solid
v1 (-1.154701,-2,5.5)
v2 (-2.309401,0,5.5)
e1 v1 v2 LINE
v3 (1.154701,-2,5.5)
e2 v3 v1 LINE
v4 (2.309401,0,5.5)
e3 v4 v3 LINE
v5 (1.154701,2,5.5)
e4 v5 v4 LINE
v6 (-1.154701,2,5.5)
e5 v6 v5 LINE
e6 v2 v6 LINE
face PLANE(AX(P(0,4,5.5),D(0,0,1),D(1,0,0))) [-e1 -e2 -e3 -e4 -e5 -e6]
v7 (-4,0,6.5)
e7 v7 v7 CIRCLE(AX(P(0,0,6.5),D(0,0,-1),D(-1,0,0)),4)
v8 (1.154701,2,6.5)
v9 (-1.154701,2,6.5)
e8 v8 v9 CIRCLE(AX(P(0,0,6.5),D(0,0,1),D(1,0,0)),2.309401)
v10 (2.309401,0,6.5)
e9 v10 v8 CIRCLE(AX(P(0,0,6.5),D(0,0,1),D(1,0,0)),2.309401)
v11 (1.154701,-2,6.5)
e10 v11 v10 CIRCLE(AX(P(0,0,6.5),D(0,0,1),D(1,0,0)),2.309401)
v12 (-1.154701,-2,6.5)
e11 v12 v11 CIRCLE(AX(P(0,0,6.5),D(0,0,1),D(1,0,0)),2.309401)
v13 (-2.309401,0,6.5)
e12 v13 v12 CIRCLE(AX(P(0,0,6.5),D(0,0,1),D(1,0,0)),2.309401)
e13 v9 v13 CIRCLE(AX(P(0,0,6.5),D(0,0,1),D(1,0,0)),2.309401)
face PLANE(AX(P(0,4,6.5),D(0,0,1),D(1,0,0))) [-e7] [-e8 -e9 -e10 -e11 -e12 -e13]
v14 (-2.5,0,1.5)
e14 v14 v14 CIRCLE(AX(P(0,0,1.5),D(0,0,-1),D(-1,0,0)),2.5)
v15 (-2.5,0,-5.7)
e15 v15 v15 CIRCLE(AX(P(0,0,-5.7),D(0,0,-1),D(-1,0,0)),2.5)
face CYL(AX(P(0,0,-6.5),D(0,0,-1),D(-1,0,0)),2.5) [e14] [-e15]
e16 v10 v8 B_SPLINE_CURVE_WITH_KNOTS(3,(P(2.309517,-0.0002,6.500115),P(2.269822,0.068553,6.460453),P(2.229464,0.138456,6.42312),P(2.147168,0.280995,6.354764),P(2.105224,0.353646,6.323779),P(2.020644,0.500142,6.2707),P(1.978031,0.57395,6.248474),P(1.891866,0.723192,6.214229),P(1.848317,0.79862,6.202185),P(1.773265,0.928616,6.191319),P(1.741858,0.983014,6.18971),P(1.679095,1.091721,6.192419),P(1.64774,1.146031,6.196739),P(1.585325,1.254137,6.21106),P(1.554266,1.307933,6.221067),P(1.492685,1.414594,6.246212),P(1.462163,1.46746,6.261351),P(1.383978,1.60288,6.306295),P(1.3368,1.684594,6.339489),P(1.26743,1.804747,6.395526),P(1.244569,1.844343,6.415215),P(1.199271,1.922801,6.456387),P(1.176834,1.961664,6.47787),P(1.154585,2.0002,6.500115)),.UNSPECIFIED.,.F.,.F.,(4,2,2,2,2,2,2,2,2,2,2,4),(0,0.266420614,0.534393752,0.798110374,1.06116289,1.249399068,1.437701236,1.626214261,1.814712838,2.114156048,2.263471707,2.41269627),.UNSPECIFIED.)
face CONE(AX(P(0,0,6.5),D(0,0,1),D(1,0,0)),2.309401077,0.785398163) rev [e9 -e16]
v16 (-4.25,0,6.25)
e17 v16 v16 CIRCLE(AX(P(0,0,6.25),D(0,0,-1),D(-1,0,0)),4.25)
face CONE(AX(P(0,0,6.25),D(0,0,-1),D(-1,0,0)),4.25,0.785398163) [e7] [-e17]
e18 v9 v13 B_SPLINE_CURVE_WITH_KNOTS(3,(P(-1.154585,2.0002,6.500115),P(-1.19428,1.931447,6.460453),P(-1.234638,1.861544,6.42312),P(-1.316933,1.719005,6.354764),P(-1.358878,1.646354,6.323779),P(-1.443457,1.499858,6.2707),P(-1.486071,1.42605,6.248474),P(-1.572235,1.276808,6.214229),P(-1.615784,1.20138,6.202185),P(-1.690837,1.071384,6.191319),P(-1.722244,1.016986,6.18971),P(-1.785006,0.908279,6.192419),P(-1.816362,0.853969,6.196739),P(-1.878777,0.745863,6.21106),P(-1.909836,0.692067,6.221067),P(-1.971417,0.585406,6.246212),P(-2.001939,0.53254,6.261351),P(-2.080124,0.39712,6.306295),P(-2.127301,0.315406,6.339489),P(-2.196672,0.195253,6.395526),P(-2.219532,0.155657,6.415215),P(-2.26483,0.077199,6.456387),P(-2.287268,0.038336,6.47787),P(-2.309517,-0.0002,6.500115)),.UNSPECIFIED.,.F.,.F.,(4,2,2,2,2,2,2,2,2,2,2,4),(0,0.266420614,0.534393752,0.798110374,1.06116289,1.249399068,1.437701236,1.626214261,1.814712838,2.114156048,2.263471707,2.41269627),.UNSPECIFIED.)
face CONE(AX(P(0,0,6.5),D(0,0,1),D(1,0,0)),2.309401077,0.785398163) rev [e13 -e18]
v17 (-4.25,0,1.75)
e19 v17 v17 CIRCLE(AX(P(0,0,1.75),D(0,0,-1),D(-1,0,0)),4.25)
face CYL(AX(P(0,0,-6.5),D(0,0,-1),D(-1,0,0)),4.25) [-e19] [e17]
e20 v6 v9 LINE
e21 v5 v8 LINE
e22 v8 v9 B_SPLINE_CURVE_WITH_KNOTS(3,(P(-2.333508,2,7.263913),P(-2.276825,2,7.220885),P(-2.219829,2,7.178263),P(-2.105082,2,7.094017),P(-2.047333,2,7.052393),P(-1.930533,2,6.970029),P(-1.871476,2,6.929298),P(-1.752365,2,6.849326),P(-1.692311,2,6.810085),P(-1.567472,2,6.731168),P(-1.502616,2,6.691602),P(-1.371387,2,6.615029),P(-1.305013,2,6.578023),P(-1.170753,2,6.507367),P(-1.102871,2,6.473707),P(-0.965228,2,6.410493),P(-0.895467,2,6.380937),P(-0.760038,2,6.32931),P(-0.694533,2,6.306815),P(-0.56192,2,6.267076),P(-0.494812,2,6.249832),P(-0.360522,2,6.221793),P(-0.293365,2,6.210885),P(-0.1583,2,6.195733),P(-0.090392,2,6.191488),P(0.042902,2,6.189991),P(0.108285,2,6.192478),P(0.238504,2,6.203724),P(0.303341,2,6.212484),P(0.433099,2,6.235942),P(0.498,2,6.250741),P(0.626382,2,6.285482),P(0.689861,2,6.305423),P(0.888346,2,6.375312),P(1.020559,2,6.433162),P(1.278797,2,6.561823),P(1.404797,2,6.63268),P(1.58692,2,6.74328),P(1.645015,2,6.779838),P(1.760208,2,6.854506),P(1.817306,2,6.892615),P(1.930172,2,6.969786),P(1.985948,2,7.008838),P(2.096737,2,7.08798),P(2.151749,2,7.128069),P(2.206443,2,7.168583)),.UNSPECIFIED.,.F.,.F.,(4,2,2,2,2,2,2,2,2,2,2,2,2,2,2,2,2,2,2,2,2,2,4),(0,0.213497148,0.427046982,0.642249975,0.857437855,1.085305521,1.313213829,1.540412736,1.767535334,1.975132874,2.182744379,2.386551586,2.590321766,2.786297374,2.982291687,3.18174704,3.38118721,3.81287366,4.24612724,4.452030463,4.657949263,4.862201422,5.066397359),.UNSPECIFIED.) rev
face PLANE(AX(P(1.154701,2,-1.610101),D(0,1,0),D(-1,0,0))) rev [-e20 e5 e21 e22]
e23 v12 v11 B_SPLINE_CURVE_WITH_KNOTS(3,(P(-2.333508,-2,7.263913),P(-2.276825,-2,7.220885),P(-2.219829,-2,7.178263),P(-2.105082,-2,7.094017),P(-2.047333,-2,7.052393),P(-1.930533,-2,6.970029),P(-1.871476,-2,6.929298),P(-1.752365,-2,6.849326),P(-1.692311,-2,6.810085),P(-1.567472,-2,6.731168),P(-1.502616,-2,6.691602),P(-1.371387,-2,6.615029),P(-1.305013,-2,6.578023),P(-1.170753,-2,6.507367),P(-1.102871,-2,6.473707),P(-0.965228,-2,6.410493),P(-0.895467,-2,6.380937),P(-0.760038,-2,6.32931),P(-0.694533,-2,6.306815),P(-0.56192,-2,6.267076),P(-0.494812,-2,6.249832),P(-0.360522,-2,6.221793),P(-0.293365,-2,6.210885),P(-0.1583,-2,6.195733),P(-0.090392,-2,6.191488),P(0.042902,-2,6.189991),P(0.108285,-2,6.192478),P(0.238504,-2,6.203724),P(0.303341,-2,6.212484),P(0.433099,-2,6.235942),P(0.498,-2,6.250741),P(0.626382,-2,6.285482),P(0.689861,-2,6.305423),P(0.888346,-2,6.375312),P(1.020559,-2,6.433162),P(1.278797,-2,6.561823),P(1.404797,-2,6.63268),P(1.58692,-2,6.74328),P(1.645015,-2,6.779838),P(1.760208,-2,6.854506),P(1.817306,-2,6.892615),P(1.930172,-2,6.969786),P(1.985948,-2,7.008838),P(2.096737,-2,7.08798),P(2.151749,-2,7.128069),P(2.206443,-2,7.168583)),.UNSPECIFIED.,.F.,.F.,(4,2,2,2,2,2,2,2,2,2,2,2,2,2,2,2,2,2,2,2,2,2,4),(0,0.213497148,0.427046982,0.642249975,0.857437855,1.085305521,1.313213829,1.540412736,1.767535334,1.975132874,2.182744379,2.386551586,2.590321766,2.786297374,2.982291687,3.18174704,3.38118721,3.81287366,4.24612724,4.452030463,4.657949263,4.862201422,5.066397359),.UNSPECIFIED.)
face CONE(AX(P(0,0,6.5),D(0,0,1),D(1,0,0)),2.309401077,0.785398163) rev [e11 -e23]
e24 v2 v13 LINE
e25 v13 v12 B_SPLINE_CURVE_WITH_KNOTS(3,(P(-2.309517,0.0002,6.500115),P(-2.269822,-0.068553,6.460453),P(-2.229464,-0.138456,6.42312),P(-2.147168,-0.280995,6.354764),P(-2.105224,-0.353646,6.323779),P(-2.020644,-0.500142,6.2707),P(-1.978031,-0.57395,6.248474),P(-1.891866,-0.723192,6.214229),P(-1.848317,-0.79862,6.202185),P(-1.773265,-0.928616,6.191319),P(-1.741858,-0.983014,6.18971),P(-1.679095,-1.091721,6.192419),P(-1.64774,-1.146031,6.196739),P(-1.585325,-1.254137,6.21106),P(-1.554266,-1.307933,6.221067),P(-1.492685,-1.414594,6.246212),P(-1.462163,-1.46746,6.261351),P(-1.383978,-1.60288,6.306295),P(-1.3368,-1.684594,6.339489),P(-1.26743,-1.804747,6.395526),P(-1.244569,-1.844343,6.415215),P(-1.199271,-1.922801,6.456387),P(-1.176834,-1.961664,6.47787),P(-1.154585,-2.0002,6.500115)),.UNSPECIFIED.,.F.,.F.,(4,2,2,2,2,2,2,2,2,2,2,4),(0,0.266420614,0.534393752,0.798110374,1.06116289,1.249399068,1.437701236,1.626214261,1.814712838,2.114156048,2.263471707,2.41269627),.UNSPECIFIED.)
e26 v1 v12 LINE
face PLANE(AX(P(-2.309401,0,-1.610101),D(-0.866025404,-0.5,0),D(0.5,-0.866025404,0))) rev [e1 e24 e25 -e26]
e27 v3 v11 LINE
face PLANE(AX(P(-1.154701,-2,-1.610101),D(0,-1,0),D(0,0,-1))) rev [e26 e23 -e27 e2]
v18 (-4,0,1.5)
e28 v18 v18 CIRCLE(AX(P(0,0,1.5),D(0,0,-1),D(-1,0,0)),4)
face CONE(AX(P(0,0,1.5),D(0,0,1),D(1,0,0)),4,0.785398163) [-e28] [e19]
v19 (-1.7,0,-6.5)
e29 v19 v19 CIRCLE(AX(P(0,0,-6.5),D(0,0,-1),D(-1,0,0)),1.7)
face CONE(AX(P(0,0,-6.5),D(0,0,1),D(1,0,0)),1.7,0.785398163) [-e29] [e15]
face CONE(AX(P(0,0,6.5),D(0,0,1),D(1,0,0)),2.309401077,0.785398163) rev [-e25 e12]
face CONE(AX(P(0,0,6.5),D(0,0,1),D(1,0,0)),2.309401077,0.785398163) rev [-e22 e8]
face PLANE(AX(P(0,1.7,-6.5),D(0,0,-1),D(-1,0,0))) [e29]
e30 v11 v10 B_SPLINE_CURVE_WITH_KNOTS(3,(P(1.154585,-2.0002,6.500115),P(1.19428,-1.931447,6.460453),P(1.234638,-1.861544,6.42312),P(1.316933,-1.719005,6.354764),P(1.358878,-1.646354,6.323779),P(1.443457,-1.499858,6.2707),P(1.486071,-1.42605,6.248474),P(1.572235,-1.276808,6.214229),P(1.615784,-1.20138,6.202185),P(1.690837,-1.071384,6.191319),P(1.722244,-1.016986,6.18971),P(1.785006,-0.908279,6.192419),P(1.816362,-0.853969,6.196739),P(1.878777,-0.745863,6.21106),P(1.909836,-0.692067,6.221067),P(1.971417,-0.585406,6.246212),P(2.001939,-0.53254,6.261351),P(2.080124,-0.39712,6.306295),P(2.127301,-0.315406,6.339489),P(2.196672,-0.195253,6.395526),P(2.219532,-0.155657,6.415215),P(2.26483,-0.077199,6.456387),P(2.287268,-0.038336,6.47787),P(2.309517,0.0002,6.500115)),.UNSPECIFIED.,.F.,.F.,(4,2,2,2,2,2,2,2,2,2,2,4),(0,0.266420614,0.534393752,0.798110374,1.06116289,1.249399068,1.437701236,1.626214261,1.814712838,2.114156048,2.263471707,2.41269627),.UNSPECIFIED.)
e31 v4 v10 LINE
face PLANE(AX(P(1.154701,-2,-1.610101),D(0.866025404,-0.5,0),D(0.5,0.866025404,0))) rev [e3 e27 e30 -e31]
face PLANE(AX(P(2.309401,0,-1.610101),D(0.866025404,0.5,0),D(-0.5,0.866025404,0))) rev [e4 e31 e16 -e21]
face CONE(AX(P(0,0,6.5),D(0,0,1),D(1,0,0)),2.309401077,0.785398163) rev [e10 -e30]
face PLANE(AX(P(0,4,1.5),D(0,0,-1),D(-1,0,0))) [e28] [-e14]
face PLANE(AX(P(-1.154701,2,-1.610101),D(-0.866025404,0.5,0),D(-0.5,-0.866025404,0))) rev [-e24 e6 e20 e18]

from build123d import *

# Parameters (mm, degrees)
CUT_EXTRUDE1_DEPTH = 1
SKETCH4_R          = 2.309401077
CUT_EXTRUDE2_DEPTH = 0.5
CUT_EXTRUDE2_TAPER = 45


with BuildPart() as part:
    # Sketch2 → Revolve1 (revolve)
    with BuildSketch(Plane(origin=(0, 0, 0), x_dir=(0, 0, -1), z_dir=(1, 0, 0))):
        Polygon((-6.25, 4.25), (-1.75, 4.25), (-1.5, 4), (-1.5, 2.5), (5.7, 2.5), (6.5, 1.7), (6.5, 0), (-6.5, 0), (-6.5, 4), align=None)
    revolve(axis=Axis((0, 0, -6.5), (0, 0, 1)))

    # Sketch3 → Cut-Extrude1 (cut)
    with BuildSketch(Plane.XY.offset(6.5)):
        Polygon((1.154700538, 2), (-1.154700538, 2), (-2.309401077, 0), (-1.154700538, -2), (1.154700538, -2), (2.309401077, 0), align=None)
    extrude(amount=-CUT_EXTRUDE1_DEPTH, mode=Mode.SUBTRACT)

    # Sketch4 → Cut-Extrude2 (cut)
    with BuildSketch(Plane.XY.offset(6.5)):
        Circle(SKETCH4_R)
    extrude(amount=-CUT_EXTRUDE2_DEPTH, taper=CUT_EXTRUDE2_TAPER, mode=Mode.SUBTRACT)


solid = part.part
